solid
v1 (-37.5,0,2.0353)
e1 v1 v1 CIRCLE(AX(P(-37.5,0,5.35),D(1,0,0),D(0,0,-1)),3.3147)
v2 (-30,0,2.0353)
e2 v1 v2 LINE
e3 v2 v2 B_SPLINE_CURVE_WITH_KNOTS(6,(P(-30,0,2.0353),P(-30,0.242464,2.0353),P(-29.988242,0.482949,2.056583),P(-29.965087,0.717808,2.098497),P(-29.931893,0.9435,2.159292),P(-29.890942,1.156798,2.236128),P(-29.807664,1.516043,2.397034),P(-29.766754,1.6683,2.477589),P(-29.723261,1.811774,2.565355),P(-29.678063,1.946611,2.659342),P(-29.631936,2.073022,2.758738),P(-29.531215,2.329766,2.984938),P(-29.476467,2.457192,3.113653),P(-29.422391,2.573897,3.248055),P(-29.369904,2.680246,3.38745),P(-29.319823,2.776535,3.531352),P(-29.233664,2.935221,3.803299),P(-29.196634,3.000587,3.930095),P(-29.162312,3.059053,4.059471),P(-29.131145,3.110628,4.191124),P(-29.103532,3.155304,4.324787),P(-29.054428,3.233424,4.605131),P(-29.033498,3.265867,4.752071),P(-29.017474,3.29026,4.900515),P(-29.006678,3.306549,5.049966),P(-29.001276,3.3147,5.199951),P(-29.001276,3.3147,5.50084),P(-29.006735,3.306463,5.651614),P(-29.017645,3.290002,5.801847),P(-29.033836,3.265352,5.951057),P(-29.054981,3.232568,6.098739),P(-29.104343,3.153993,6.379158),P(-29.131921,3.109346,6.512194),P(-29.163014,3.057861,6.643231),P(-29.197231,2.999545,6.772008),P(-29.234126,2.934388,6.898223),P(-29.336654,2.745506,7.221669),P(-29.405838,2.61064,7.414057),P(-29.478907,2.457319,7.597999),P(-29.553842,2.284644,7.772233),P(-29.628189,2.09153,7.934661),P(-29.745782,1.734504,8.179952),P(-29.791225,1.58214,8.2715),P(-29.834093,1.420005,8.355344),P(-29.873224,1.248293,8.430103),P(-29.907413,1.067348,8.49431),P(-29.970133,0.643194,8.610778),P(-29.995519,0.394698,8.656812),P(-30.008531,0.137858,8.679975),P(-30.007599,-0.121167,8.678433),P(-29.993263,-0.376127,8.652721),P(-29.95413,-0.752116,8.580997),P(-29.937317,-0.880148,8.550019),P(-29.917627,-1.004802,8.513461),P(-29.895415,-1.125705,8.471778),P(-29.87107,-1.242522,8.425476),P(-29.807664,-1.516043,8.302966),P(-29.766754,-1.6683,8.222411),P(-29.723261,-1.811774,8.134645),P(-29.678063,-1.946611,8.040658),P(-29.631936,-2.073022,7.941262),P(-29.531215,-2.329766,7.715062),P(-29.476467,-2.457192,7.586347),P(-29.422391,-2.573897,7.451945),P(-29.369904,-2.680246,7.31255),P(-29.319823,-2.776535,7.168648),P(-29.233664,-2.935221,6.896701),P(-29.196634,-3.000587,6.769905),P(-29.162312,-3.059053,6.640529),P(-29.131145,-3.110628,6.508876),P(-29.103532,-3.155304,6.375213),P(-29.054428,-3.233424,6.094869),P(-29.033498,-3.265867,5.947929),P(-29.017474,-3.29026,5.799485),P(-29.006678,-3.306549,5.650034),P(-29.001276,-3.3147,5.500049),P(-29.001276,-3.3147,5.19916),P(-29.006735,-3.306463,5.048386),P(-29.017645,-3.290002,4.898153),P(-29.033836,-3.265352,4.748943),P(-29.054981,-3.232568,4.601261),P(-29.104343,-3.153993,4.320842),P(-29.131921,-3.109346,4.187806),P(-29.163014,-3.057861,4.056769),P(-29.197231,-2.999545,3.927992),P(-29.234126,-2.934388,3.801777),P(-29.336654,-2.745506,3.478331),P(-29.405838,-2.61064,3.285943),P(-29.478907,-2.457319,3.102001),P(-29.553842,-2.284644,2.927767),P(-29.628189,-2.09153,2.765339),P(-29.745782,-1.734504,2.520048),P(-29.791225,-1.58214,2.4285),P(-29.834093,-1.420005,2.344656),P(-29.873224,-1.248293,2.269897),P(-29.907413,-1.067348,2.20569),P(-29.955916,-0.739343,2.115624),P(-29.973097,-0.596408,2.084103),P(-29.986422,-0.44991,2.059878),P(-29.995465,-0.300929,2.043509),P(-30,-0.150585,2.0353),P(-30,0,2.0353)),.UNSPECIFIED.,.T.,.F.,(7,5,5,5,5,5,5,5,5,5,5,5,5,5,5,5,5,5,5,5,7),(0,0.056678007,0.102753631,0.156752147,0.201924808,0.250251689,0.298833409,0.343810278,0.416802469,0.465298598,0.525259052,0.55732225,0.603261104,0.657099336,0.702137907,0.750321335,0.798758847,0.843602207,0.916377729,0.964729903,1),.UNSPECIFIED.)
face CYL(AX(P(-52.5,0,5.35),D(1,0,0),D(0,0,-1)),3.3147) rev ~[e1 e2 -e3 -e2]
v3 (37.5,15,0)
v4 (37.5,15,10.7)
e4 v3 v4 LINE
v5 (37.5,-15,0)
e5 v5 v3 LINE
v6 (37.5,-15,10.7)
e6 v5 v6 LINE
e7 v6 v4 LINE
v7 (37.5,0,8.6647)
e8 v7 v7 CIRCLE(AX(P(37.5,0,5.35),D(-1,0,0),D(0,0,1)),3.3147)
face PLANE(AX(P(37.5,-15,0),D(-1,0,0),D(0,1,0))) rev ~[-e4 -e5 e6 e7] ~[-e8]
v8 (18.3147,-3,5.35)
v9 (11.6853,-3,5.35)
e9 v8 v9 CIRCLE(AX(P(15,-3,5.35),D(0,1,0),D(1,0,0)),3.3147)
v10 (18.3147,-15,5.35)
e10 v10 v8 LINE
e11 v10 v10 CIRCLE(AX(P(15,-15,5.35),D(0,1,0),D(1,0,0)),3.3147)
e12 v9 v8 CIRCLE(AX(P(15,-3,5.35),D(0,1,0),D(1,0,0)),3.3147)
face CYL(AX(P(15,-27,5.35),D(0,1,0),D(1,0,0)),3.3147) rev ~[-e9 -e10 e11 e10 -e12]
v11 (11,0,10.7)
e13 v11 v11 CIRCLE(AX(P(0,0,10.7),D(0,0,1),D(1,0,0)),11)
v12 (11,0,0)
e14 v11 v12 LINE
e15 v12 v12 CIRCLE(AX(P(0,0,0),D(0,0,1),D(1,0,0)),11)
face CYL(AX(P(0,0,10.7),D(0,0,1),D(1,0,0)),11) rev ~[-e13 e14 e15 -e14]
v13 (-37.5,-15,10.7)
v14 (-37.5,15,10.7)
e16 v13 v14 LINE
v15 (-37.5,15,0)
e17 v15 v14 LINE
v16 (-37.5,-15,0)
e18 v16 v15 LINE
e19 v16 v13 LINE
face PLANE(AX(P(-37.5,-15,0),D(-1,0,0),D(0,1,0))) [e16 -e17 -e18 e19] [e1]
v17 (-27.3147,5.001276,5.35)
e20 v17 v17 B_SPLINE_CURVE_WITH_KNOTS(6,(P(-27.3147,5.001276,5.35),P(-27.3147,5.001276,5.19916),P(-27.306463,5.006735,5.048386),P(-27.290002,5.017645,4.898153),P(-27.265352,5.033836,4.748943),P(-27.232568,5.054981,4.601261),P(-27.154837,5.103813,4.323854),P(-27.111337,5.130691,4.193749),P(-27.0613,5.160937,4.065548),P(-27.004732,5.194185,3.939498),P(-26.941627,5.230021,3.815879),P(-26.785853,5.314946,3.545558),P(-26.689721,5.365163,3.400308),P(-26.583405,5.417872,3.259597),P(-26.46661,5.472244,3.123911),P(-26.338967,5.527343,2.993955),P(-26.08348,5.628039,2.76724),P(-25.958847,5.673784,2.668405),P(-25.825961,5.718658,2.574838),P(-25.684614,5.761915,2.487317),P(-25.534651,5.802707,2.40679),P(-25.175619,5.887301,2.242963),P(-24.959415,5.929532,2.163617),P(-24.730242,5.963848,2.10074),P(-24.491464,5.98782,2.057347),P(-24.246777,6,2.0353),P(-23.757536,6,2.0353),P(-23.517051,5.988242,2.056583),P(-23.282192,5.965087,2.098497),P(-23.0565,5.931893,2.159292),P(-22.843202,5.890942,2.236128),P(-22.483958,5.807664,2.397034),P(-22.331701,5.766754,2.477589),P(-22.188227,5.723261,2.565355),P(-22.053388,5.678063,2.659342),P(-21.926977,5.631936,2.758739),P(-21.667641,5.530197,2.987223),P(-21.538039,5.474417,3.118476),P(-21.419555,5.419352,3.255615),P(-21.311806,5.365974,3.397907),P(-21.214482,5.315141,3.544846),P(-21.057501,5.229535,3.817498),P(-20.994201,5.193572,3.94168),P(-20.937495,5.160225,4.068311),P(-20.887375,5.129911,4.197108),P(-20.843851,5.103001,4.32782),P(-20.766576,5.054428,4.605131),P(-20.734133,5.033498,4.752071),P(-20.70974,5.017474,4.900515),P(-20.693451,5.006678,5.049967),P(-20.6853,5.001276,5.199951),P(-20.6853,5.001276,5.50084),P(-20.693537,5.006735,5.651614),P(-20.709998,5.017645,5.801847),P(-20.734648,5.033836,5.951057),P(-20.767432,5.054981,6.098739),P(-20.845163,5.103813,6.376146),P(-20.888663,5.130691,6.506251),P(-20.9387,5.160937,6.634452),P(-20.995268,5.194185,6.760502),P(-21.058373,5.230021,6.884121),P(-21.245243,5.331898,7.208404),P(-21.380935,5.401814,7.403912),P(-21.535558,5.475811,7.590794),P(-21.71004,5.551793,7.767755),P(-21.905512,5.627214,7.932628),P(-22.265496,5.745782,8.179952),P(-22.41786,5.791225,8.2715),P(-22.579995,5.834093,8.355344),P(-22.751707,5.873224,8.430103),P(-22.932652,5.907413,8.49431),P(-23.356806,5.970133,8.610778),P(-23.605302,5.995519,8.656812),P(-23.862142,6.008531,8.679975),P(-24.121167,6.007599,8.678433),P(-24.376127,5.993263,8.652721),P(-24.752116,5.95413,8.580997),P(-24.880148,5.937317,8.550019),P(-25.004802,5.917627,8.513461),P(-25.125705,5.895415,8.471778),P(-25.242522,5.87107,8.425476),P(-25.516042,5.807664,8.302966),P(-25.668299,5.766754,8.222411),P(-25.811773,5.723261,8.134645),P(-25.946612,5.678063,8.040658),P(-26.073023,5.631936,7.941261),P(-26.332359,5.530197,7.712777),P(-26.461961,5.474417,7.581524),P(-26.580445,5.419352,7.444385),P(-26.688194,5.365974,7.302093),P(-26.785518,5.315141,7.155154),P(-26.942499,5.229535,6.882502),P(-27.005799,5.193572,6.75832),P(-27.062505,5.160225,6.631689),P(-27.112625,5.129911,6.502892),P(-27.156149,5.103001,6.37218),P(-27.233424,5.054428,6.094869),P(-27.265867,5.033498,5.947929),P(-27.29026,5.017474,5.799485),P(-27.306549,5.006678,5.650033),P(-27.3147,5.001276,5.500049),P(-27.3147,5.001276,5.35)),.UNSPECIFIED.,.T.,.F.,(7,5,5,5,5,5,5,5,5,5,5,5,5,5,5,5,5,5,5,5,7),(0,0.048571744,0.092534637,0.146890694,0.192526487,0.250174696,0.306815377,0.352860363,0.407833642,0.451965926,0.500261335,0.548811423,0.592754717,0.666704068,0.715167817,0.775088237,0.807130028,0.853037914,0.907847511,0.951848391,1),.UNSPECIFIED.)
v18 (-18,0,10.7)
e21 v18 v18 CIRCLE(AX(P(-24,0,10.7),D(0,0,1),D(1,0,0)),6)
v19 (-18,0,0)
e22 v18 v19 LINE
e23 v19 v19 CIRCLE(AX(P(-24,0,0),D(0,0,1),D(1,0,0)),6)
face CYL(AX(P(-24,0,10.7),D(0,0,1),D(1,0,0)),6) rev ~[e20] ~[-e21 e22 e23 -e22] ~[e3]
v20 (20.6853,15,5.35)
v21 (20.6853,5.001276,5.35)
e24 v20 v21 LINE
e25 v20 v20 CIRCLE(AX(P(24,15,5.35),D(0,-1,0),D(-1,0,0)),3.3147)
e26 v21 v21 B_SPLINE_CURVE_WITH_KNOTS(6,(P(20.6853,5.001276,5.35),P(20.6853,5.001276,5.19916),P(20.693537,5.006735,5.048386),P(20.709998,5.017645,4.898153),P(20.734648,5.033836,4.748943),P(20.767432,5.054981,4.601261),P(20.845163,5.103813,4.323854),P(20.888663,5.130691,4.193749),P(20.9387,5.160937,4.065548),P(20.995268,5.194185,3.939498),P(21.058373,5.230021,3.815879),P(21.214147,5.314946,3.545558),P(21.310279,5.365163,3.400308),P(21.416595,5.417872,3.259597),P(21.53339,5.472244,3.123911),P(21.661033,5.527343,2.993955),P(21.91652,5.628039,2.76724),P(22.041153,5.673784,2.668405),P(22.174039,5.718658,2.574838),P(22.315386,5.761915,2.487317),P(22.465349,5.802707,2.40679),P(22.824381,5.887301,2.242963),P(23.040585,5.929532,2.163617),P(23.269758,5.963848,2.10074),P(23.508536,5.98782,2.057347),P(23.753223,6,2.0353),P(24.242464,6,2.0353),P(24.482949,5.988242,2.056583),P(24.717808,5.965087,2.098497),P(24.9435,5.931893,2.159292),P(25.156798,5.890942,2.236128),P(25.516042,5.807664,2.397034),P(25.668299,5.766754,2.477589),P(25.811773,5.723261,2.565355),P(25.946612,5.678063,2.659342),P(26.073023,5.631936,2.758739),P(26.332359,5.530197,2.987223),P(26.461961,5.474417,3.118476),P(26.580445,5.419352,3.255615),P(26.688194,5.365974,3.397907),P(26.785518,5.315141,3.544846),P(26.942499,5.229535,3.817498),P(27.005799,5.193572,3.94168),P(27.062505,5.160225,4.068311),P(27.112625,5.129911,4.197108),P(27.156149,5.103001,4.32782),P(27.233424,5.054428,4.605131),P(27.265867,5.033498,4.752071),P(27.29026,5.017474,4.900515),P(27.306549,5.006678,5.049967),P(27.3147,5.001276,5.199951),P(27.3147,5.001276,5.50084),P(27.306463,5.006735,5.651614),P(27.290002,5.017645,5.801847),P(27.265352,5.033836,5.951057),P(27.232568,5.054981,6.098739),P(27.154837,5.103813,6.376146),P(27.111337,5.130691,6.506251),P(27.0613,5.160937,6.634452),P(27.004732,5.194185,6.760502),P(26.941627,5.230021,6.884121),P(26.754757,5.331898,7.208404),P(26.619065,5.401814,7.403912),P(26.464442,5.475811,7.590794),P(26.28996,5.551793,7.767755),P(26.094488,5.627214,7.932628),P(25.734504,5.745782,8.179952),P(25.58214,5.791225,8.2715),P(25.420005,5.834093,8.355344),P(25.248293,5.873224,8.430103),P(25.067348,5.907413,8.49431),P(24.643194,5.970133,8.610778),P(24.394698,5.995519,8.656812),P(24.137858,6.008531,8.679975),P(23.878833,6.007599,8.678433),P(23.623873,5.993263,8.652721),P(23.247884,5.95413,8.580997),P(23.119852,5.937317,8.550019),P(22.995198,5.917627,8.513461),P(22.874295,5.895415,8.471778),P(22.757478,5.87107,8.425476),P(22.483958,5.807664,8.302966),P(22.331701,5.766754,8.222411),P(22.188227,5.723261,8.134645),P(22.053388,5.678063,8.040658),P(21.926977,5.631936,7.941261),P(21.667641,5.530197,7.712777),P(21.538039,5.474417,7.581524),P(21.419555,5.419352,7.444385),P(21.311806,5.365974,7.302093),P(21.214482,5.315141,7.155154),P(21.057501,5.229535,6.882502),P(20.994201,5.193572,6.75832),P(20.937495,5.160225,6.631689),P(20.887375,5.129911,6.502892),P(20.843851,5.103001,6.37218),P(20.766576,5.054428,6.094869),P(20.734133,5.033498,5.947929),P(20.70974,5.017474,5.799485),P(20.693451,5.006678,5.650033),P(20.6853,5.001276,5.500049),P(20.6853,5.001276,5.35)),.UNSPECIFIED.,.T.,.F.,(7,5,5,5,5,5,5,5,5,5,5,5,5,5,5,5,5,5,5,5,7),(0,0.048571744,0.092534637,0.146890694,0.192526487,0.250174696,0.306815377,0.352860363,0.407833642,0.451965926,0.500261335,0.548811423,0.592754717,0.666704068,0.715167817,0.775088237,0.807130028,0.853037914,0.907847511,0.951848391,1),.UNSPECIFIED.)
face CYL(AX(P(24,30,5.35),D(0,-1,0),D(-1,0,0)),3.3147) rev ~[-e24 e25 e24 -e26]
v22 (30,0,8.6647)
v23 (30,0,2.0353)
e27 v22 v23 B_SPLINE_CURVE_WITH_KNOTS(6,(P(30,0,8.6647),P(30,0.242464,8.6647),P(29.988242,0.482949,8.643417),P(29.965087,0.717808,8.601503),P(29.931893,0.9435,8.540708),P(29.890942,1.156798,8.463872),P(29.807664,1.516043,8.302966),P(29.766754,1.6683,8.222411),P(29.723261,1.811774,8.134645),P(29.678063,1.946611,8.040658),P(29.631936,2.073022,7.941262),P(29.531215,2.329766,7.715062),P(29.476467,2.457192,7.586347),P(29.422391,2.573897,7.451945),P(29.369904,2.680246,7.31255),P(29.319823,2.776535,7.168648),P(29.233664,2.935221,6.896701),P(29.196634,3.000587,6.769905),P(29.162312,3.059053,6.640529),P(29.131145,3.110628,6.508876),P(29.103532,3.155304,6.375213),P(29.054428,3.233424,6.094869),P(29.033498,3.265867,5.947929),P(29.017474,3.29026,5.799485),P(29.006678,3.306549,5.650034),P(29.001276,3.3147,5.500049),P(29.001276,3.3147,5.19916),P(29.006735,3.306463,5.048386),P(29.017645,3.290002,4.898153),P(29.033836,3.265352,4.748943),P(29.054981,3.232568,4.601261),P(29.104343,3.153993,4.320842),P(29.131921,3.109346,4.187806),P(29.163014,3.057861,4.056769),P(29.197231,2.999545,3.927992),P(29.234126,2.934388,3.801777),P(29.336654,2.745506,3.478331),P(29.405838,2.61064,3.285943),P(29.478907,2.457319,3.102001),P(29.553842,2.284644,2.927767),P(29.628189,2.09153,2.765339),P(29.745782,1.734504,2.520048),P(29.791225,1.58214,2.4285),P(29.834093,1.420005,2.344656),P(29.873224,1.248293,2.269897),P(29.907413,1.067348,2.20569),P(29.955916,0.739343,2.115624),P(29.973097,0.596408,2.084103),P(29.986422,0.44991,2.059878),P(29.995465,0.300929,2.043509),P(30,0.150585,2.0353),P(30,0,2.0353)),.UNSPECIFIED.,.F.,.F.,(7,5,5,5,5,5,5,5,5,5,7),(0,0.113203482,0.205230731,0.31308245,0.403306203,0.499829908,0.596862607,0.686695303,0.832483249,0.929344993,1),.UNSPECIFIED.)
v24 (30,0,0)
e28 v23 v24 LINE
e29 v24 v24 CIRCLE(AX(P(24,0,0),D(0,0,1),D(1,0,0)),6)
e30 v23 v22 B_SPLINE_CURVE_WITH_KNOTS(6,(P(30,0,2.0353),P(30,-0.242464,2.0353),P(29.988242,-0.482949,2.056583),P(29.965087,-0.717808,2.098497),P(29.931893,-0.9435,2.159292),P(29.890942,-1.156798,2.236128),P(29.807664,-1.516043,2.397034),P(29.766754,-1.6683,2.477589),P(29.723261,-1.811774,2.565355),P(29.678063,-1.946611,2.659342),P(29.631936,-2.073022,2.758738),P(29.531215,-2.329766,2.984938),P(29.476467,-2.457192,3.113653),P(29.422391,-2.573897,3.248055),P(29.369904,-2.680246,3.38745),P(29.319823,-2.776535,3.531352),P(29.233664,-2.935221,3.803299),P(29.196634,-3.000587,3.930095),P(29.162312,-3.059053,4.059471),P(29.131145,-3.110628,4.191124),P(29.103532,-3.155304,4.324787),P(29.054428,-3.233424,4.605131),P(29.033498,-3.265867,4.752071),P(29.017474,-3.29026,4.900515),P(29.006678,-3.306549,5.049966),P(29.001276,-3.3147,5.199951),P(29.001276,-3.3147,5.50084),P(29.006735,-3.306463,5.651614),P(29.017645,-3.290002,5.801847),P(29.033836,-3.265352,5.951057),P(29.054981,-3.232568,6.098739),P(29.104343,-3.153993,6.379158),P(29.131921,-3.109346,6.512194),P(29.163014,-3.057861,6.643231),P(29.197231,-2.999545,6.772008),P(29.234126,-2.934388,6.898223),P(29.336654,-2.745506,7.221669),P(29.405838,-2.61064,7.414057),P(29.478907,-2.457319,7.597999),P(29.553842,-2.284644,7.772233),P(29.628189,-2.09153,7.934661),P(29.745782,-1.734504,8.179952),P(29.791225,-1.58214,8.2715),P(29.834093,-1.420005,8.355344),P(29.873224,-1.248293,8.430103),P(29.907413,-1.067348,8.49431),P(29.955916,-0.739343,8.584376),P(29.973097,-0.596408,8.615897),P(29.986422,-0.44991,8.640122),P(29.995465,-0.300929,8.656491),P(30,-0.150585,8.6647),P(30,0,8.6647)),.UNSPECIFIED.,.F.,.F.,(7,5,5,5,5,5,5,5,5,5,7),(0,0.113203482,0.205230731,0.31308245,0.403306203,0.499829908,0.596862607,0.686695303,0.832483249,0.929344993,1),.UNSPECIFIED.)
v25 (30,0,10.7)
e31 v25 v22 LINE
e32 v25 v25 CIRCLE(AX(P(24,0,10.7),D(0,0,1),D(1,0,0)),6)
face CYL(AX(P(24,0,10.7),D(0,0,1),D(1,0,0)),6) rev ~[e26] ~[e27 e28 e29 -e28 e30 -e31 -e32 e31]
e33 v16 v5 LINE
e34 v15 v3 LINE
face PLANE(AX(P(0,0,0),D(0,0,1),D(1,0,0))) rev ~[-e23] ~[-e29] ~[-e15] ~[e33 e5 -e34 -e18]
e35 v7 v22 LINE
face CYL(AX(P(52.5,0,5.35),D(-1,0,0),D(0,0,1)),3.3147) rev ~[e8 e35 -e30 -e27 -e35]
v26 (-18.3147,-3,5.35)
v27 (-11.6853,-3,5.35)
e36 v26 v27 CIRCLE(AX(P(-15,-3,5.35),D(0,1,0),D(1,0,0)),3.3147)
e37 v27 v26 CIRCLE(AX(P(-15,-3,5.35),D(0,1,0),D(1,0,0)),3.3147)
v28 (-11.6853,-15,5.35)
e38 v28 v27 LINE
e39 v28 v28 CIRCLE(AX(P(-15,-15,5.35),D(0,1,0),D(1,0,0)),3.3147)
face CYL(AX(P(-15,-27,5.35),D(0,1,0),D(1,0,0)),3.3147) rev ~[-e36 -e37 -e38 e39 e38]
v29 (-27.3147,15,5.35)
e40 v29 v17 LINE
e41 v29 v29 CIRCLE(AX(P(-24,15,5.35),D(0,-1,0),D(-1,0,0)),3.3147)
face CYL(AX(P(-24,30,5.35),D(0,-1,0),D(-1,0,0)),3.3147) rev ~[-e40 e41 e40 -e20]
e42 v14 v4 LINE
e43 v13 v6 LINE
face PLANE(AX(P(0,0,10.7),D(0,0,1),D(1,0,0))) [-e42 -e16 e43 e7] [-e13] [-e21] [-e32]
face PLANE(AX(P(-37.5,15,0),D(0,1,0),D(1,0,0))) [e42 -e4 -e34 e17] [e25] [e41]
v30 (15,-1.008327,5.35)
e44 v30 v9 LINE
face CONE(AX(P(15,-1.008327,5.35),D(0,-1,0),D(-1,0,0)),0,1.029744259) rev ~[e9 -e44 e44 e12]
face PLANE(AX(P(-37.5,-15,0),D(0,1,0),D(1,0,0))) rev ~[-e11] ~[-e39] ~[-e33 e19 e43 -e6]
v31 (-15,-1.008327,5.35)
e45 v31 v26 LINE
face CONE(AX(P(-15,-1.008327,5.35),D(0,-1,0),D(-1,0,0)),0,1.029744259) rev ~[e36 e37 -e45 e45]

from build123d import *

# Parameters (mm, degrees)
ESBO_O1_W                                   = 75
ESBO_O1_H                                   = 30
RESSALTO_EXTRUS_O1_DEPTH                    = 10.7
ESBO_O2_R                                   = 6
CORTE_EXTRUS_O1_DEPTH                       = 11.7
ESBO_O7_R                                   = 11
CORTE_EXTRUS_O6_DEPTH                       = 11.7
FURO_ROSCADO_PARA_CONDU_TE_DE_1_4_281_D     = 6.6294
FURO_ROSCADO_PARA_CONDU_TE_DE_1_4_281_DEPTH = 15
FURO_ROSCADO_PARA_CONDU_TE_DE_1_4_281_TIP   = 1.991672694
FURO_ROSCADO_PARA_CONDU_TE_DE_1_4_282_D     = 6.6294
FURO_ROSCADO_PARA_CONDU_TE_DE_1_4_282_DEPTH = 15
FURO_ROSCADO_PARA_CONDU_TE_DE_1_4_282_TIP   = 1.991672694
FURO_ROSCADO_PARA_CONDU_TE_DE_1_4_283_D     = 6.6294
FURO_ROSCADO_PARA_CONDU_TE_DE_1_4_283_DEPTH = 15
FURO_ROSCADO_PARA_CONDU_TE_DE_1_4_283_TIP   = 1.991672694
FURO_ROSCADO_PARA_CONDU_TE_DE_1_4_284_D     = 6.6294
FURO_ROSCADO_PARA_CONDU_TE_DE_1_4_284_DEPTH = 12
FURO_ROSCADO_PARA_CONDU_TE_DE_1_4_284_TIP   = 1.991672694


with BuildPart() as part:
    # Esboço1 → Ressalto-extrusão1 (new body)
    with BuildSketch(Plane.XY):
        Rectangle(ESBO_O1_W, ESBO_O1_H)
    extrude(amount=RESSALTO_EXTRUS_O1_DEPTH)

    # Esboço2 → Corte-extrusão1 (cut, through all)
    with BuildSketch(Plane.XY.offset(10.7)):
        with Locations((-24, 0)):
            Circle(ESBO_O2_R)
        with Locations((24, 0)):
            Circle(ESBO_O2_R)
    extrude(amount=-CORTE_EXTRUS_O1_DEPTH, mode=Mode.SUBTRACT)

    # Esboço7 → Corte-extrusão6 (cut, through all)
    with BuildSketch(Plane.XY.offset(10.7)):
        Circle(ESBO_O7_R)
    extrude(amount=-CORTE_EXTRUS_O6_DEPTH, mode=Mode.SUBTRACT)

    # Furo roscado para conduíte de 1/4-281
    with Locations(Plane(origin=(0, 15, 0), x_dir=(1, 0, 0), z_dir=(0, 1, 0))):
        with Locations((-24, -5.35), (24, -5.35)):
            Hole(FURO_ROSCADO_PARA_CONDU_TE_DE_1_4_281_D / 2, depth=FURO_ROSCADO_PARA_CONDU_TE_DE_1_4_281_DEPTH)
            with Locations((0, 0, -(FURO_ROSCADO_PARA_CONDU_TE_DE_1_4_281_DEPTH + FURO_ROSCADO_PARA_CONDU_TE_DE_1_4_281_TIP / 2))):  # 118° drill point
                Cone(0, FURO_ROSCADO_PARA_CONDU_TE_DE_1_4_281_D / 2, FURO_ROSCADO_PARA_CONDU_TE_DE_1_4_281_TIP, mode=Mode.SUBTRACT)

    # Furo roscado para conduíte de 1/4-282
    with Locations(Plane.ZY.offset(37.5)):
        with Locations((5.35, 0)):
            Hole(FURO_ROSCADO_PARA_CONDU_TE_DE_1_4_282_D / 2, depth=FURO_ROSCADO_PARA_CONDU_TE_DE_1_4_282_DEPTH)
            with Locations((0, 0, -(FURO_ROSCADO_PARA_CONDU_TE_DE_1_4_282_DEPTH + FURO_ROSCADO_PARA_CONDU_TE_DE_1_4_282_TIP / 2))):  # 118° drill point
                Cone(0, FURO_ROSCADO_PARA_CONDU_TE_DE_1_4_282_D / 2, FURO_ROSCADO_PARA_CONDU_TE_DE_1_4_282_TIP, mode=Mode.SUBTRACT)

    # Furo roscado para conduíte de 1/4-283
    with Locations(Plane(origin=(37.5, 0, 0), x_dir=(0, 0, -1), z_dir=(1, 0, 0))):
        with Locations((-5.35, 0)):
            Hole(FURO_ROSCADO_PARA_CONDU_TE_DE_1_4_283_D / 2, depth=FURO_ROSCADO_PARA_CONDU_TE_DE_1_4_283_DEPTH)
            with Locations((0, 0, -(FURO_ROSCADO_PARA_CONDU_TE_DE_1_4_283_DEPTH + FURO_ROSCADO_PARA_CONDU_TE_DE_1_4_283_TIP / 2))):  # 118° drill point
                Cone(0, FURO_ROSCADO_PARA_CONDU_TE_DE_1_4_283_D / 2, FURO_ROSCADO_PARA_CONDU_TE_DE_1_4_283_TIP, mode=Mode.SUBTRACT)

    # Furo roscado para conduíte de 1/4-284
    with Locations(Plane(origin=(0, -15, 0), x_dir=(-1, 0, 0), z_dir=(0, -1, 0))):
        with Locations((15, -5.35), (-15, -5.35)):
            Hole(FURO_ROSCADO_PARA_CONDU_TE_DE_1_4_284_D / 2, depth=FURO_ROSCADO_PARA_CONDU_TE_DE_1_4_284_DEPTH)
            with Locations((0, 0, -(FURO_ROSCADO_PARA_CONDU_TE_DE_1_4_284_DEPTH + FURO_ROSCADO_PARA_CONDU_TE_DE_1_4_284_TIP / 2))):  # 118° drill point
                Cone(0, FURO_ROSCADO_PARA_CONDU_TE_DE_1_4_284_D / 2, FURO_ROSCADO_PARA_CONDU_TE_DE_1_4_284_TIP, mode=Mode.SUBTRACT)


solid = part.part
